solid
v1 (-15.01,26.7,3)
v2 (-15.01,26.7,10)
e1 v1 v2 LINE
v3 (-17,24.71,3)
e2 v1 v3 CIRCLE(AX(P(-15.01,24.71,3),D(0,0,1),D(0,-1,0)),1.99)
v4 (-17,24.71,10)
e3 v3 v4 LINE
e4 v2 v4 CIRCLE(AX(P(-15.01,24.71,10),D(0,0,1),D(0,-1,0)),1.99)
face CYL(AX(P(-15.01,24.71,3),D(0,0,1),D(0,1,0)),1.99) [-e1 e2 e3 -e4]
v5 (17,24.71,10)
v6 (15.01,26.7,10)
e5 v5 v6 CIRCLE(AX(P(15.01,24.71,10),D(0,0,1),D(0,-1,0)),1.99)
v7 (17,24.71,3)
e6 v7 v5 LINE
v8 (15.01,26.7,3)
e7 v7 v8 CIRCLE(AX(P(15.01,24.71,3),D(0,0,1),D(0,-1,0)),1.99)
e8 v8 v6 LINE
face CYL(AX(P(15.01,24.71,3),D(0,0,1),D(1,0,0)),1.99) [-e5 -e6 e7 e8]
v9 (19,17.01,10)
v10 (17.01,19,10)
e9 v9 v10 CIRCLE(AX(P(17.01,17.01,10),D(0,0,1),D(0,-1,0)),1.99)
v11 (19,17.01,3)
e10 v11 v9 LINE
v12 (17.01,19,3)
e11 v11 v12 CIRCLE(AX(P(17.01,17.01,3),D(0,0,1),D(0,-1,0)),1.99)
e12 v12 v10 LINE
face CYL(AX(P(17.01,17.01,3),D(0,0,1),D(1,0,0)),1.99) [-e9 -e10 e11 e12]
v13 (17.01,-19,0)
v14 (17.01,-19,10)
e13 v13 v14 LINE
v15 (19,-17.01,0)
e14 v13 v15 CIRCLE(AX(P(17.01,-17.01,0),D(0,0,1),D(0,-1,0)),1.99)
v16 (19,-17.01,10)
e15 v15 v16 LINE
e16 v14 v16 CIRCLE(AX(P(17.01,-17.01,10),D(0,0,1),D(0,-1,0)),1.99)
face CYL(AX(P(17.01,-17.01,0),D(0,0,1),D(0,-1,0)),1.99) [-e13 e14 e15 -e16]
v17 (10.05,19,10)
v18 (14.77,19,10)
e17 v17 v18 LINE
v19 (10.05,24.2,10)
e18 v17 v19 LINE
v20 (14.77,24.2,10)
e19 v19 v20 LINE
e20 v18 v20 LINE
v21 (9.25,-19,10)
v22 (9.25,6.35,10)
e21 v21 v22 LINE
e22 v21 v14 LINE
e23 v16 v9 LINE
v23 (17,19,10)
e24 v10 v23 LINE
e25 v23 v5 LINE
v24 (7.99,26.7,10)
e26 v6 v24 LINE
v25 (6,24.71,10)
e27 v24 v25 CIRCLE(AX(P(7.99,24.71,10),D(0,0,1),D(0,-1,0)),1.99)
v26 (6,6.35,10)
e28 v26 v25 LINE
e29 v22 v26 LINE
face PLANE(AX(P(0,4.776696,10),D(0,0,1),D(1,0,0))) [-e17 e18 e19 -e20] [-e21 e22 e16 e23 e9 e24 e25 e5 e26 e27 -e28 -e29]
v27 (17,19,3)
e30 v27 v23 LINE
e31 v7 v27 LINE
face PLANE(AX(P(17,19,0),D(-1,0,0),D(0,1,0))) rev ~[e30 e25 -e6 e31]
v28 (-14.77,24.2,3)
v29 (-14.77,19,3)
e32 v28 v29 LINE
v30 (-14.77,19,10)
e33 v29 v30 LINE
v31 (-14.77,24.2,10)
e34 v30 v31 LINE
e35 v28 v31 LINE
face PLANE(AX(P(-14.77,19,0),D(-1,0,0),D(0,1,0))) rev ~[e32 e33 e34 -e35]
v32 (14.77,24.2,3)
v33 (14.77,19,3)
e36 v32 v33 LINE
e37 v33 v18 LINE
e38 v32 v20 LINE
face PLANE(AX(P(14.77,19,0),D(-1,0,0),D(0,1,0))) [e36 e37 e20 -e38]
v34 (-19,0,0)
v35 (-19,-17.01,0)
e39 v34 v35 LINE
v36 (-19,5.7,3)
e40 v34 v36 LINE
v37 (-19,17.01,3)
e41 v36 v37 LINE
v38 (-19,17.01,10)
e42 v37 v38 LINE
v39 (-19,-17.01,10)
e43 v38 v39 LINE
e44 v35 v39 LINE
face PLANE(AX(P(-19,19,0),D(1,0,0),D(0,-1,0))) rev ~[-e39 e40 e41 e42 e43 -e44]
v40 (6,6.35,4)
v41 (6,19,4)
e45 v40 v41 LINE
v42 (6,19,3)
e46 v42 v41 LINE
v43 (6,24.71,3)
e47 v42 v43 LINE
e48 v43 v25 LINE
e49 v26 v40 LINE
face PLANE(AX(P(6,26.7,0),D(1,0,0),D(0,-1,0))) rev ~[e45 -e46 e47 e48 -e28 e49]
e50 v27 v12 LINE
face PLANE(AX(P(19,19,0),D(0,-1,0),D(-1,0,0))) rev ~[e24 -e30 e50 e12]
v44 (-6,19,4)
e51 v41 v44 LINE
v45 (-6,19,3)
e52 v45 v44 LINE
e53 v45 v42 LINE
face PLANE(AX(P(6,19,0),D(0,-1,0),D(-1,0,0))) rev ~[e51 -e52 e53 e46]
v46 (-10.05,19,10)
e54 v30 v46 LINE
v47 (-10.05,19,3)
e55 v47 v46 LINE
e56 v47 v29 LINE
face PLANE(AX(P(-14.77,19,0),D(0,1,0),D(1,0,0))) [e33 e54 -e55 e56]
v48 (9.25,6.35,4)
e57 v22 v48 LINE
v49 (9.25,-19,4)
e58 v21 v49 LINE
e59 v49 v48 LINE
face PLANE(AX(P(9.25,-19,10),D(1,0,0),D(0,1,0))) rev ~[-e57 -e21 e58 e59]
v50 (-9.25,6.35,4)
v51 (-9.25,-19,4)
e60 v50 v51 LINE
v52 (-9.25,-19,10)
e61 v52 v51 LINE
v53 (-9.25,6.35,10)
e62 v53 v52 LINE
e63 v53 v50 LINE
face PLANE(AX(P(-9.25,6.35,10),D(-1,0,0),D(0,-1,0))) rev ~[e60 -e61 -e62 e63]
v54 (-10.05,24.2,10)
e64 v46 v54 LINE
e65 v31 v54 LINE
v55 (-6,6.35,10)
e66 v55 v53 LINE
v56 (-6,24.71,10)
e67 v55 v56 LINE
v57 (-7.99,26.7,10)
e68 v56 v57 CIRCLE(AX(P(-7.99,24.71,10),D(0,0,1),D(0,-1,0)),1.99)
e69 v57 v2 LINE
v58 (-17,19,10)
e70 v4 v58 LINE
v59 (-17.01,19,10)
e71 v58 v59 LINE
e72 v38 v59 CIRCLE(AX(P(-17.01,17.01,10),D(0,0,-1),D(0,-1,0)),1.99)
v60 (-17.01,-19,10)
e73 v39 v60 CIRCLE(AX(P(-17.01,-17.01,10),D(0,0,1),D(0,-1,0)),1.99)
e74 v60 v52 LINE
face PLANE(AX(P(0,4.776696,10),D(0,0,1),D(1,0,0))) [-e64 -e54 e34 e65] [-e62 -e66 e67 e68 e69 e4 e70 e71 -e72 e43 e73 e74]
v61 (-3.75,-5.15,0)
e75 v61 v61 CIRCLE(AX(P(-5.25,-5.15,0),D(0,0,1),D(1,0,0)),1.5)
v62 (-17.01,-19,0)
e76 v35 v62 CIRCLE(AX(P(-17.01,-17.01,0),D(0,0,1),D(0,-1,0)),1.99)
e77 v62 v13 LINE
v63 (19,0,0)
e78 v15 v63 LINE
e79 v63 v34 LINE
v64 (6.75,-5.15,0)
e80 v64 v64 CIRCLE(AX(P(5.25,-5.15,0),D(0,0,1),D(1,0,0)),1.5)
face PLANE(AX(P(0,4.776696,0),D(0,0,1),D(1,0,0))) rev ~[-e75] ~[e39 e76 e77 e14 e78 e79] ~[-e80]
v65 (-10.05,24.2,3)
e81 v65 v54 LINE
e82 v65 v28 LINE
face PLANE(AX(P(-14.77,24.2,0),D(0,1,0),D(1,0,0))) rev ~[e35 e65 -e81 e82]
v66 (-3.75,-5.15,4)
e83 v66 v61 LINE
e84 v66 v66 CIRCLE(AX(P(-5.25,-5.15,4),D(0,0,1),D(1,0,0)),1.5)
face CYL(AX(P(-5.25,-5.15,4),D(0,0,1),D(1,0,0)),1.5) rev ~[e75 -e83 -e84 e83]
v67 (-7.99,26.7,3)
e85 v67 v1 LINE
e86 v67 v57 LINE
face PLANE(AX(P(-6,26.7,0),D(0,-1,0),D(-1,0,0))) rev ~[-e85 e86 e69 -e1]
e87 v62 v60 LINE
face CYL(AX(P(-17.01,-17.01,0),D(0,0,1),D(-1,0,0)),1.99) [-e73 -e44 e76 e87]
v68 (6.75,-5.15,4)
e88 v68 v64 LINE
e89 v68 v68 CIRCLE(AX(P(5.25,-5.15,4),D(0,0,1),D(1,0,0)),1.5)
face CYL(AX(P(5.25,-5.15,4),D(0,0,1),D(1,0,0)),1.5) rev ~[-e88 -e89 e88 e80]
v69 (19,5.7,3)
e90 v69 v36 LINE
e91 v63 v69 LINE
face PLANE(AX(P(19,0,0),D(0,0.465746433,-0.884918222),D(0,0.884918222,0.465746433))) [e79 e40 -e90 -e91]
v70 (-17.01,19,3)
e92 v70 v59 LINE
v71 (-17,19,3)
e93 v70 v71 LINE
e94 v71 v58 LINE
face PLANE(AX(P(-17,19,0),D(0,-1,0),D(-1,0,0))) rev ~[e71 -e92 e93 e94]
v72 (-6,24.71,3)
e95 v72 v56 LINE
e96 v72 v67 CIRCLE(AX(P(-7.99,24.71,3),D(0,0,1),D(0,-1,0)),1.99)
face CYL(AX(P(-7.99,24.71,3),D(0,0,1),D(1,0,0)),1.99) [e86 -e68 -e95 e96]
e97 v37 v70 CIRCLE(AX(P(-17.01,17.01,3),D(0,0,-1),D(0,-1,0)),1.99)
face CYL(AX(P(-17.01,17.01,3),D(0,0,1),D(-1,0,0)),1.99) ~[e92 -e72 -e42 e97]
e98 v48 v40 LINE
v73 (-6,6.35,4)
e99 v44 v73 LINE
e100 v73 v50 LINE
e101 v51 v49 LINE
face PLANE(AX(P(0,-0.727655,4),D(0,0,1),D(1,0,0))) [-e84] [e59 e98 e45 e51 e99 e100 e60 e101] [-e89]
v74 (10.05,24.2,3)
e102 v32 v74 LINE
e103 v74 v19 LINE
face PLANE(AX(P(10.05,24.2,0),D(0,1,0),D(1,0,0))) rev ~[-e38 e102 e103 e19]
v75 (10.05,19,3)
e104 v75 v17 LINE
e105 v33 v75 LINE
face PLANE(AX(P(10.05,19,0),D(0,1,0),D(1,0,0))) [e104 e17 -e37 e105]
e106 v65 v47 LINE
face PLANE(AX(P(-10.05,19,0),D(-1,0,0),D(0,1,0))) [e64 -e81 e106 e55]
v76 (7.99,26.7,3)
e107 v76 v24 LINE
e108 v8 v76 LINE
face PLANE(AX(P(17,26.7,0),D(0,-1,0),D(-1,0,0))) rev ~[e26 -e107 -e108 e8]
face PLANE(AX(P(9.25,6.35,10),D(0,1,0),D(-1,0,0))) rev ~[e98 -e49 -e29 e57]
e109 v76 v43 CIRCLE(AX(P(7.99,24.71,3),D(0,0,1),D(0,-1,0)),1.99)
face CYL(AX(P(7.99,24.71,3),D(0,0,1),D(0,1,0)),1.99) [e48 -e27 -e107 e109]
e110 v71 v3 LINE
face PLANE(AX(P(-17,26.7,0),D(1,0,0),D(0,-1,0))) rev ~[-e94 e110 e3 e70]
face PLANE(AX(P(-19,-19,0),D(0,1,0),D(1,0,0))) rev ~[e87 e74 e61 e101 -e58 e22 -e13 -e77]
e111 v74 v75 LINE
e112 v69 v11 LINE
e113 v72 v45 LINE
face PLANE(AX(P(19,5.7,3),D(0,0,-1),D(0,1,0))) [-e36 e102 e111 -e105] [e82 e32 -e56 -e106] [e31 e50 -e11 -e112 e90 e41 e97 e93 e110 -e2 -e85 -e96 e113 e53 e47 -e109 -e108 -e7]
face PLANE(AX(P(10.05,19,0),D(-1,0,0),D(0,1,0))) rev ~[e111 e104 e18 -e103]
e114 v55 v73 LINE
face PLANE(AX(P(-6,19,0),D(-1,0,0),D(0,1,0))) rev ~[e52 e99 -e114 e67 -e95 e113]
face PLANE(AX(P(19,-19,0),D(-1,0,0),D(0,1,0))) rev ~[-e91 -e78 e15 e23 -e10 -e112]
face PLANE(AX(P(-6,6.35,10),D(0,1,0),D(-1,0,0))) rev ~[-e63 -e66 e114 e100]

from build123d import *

# Parameters (mm, degrees)
SKETCH_W        = 4.72
SKETCH_H        = 5.2
PAD_DEPTH       = 10
POCKET_DEPTH    = 38.001
POCKET005_DEPTH = 6
SKETCH003_R     = 1.5
POCKET006_DEPTH = 5
FILLET_R        = 1.99


with BuildPart() as part:
    # Sketch → Pad (new body)
    with BuildSketch(Plane.XY):
        Polygon((-19, 19), (-19, -19), (19, -19), (19, 19), (17, 19), (17, 26.7), (6, 26.7), (6, 19), (-6, 19), (-6, 26.7), (-17, 26.7), (-17, 19), align=None)
        with Locations((-12.41, 21.6)):
            Rectangle(SKETCH_W, SKETCH_H, mode=Mode.SUBTRACT)
        with Locations((12.41, 21.6)):
            Rectangle(SKETCH_W, SKETCH_H, mode=Mode.SUBTRACT)
    extrude(amount=PAD_DEPTH)

    # Sketch001 (on Face3 of Pad) → Pocket (cut, through all)
    with BuildSketch(Plane.YZ.offset(19)):
        Polygon((26.7, 3), (26.7, 0), (0, 0), (5.7, 3), align=None)
    extrude(amount=-POCKET_DEPTH, mode=Mode.SUBTRACT)

    # Sketch002 (on Face6 of Pocket) → Pocket005 (cut)
    with BuildSketch(Plane.XY.offset(10)):
        Polygon((-9.25, -19), (9.25, -19), (9.25, 6.35), (6, 6.35), (6, 19), (-6, 19), (-6, 6.35), (-9.25, 6.35), align=None)
    extrude(amount=-POCKET005_DEPTH, mode=Mode.SUBTRACT)

    # Sketch003 → Pocket006 (cut)
    with BuildSketch(Plane.XY.offset(4)):
        with Locations((-5.25, -5.15)):
            Circle(SKETCH003_R)
        with Locations((5.25, -5.15)):
            Circle(SKETCH003_R)
    extrude(amount=-POCKET006_DEPTH, mode=Mode.SUBTRACT)

    # Fillet
    fillet_edges = [part.edges().sort_by_distance(p)[0] for p in [
        (17, 26.7, 6.5),
        (6, 26.7, 6.5),
        (-6, 26.7, 6.5),
        (-17, 26.7, 6.5),
        (-19, 19, 6.5),
        (19, 19, 6.5),
        (19, -19, 5),
        (-19, -19, 5),
    ]]
    fillet(fillet_edges, radius=FILLET_R)


solid = part.part
